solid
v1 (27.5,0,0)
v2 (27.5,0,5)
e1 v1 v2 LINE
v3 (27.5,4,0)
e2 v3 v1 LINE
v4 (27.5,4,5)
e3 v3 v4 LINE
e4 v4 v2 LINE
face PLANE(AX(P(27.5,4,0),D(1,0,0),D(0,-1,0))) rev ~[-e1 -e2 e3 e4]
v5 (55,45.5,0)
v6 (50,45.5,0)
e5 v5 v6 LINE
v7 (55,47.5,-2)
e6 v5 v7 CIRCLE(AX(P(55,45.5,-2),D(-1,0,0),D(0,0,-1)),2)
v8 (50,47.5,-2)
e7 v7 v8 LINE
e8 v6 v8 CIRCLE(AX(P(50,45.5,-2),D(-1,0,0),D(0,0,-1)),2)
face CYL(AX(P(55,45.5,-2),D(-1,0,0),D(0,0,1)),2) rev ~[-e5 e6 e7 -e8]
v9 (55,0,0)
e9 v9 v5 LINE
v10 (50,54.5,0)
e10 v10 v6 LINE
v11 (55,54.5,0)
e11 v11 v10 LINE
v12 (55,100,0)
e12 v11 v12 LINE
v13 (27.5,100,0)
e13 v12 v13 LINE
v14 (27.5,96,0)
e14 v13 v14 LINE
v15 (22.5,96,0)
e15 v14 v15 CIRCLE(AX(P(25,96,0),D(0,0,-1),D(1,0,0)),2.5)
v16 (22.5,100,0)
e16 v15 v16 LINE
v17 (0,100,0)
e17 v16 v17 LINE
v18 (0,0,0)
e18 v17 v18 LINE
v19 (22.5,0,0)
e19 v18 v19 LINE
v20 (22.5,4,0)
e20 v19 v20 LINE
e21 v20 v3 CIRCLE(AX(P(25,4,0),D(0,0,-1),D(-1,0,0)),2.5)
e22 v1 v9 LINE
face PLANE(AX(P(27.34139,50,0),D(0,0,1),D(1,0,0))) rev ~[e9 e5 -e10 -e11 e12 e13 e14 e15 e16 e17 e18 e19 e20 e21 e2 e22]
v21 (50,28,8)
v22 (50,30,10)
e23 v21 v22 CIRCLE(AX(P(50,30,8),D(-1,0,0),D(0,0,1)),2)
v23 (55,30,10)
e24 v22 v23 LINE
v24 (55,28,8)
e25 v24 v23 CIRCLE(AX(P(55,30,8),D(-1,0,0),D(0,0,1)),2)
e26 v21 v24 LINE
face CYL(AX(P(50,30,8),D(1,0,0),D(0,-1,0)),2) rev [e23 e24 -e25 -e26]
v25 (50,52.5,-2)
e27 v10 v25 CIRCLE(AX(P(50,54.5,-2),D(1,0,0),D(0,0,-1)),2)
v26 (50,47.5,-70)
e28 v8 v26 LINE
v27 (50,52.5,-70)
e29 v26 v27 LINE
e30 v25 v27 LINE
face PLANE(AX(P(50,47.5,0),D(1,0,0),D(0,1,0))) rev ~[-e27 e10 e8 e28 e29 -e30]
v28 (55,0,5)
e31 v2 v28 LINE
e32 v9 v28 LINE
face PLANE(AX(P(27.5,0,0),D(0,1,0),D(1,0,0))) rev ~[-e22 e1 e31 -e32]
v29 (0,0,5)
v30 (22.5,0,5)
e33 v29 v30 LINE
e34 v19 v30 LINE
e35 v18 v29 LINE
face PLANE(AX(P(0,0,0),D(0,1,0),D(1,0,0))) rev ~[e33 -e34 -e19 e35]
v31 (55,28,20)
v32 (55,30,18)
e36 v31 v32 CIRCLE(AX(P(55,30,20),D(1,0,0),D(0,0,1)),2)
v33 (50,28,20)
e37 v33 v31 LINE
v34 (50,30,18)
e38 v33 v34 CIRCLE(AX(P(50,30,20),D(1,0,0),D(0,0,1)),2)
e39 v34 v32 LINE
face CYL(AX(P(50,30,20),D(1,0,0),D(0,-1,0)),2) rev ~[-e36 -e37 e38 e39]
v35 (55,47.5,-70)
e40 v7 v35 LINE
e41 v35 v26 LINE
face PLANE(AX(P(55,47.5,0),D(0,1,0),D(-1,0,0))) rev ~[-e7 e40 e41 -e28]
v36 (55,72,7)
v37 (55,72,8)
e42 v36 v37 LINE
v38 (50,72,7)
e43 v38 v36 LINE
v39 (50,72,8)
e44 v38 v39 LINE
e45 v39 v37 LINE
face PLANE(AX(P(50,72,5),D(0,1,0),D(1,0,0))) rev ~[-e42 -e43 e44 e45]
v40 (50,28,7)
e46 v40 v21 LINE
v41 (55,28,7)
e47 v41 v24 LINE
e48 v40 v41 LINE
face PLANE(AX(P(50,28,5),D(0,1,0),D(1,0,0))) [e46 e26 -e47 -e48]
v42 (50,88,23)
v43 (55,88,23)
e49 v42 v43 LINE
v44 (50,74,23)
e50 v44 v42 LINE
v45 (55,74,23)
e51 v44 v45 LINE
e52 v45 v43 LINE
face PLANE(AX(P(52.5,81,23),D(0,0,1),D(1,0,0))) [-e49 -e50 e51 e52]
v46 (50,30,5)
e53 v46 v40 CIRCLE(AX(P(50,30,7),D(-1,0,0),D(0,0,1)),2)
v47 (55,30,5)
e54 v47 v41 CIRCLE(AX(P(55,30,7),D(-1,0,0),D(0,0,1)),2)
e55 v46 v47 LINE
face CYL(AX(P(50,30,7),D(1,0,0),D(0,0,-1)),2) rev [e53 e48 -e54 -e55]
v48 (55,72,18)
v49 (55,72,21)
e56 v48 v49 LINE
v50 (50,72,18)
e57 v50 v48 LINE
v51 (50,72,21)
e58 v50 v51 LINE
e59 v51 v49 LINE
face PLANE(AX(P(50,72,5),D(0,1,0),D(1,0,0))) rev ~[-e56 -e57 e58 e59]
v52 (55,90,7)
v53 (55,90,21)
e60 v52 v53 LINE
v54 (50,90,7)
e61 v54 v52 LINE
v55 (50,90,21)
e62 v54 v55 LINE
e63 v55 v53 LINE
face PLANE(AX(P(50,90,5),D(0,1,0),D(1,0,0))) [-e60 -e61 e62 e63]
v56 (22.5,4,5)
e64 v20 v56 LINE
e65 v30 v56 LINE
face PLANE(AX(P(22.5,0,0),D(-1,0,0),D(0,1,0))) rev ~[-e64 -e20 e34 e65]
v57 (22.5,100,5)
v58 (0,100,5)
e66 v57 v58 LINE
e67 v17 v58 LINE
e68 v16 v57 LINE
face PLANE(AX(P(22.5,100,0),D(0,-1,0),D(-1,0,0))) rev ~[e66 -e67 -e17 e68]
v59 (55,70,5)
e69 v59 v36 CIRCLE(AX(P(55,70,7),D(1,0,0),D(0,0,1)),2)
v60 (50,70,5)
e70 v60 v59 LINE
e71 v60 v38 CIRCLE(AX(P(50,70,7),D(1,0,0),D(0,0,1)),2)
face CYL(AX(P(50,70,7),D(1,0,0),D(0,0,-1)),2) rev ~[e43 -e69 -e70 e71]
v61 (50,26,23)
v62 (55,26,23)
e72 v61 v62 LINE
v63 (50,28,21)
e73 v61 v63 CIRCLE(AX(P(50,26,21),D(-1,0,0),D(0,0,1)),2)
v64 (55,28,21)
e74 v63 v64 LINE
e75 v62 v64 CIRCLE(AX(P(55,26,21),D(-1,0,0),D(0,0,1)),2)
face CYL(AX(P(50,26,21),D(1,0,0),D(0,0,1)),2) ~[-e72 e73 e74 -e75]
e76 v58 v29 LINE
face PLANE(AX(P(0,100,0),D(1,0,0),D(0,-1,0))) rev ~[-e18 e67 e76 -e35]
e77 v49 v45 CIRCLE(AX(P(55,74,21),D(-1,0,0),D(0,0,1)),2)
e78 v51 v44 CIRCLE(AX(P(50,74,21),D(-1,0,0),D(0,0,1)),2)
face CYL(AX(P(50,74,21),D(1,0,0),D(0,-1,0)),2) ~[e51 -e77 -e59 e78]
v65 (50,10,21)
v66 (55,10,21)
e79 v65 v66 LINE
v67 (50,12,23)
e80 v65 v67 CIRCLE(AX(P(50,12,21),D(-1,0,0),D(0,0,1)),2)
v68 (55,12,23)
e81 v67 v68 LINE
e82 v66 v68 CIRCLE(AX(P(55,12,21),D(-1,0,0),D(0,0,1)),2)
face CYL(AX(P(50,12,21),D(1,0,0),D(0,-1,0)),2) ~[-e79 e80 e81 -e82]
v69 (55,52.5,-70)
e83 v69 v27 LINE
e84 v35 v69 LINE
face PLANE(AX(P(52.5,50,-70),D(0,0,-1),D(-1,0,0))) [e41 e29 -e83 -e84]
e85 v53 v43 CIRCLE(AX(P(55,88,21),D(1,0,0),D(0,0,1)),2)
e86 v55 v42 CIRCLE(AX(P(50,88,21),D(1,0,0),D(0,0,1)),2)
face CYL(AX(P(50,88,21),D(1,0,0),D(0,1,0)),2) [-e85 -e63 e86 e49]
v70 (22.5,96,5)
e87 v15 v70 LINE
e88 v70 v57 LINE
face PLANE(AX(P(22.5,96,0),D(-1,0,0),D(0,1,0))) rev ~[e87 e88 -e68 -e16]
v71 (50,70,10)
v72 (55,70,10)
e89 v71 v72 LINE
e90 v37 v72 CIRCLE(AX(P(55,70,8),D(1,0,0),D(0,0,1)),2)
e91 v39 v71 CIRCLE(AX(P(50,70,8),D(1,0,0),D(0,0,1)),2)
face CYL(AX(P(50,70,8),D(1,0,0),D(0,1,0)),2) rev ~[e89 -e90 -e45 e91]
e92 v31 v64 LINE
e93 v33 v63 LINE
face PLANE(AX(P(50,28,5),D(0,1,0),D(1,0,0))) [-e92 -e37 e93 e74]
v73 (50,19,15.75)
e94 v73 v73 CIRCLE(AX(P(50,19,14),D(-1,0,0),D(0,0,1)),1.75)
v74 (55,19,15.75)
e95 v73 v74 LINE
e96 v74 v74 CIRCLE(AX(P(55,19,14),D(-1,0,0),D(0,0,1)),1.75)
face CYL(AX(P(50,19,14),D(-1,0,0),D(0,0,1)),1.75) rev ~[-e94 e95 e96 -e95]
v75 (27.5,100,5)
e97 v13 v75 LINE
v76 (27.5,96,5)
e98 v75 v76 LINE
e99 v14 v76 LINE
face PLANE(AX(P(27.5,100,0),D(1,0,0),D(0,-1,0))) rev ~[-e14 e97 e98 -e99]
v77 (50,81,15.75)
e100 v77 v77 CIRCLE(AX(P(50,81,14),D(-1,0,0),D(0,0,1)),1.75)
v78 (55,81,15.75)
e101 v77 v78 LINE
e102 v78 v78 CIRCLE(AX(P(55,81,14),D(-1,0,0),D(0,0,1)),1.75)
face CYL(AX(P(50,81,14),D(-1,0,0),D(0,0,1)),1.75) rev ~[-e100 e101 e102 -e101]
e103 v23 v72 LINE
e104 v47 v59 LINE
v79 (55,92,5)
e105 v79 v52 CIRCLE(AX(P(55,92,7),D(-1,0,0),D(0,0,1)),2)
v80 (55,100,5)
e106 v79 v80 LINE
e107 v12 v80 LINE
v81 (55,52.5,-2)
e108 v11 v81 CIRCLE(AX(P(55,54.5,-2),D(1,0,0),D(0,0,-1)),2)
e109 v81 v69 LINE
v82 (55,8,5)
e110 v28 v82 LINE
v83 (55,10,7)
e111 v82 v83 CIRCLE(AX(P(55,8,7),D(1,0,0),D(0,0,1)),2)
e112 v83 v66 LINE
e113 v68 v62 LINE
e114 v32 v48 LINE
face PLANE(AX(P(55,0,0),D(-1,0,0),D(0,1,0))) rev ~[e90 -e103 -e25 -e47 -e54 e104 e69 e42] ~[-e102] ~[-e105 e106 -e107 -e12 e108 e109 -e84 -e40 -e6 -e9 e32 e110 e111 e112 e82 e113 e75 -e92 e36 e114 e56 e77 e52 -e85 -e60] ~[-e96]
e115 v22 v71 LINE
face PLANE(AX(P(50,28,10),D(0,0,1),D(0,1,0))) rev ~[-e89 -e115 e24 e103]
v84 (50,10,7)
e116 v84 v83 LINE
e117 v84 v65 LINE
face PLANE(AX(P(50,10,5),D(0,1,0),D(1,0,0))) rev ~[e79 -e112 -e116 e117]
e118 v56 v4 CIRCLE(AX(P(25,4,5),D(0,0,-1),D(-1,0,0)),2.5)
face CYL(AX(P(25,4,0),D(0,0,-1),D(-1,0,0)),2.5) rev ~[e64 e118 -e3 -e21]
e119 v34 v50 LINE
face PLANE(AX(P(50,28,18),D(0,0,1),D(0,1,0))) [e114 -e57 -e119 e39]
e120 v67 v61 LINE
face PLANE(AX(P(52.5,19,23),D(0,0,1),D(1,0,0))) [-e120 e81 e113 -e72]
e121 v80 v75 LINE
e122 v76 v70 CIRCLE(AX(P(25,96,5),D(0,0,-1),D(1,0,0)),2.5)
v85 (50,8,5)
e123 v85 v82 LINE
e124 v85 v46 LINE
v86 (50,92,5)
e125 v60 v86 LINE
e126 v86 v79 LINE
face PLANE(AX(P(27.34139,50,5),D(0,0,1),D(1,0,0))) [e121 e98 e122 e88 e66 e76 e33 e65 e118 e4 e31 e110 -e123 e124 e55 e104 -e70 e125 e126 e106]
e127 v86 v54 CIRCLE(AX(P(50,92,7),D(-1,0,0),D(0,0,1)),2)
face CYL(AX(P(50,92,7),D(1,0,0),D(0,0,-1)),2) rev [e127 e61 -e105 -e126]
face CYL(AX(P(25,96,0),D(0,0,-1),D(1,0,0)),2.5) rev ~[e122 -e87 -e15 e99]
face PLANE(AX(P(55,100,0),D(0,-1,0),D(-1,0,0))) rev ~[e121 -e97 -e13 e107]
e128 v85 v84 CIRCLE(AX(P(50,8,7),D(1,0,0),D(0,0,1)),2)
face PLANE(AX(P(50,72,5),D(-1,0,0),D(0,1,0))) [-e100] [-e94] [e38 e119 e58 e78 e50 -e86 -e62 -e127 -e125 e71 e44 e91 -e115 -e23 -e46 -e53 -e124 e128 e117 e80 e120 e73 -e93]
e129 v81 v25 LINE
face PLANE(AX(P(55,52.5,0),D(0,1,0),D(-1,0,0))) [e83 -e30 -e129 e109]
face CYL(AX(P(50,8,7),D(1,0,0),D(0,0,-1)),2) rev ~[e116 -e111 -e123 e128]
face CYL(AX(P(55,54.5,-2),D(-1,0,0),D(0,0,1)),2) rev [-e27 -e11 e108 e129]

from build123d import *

# Parameters (mm, degrees)
BOSS_EXTRUDE3_DEPTH = 5
SKETCH4_W           = 5
SKETCH4_H           = 5
BOSS_EXTRUDE4_DEPTH = 70
SKETCH5_W           = 5
SKETCH5_H           = 18
BOSS_EXTRUDE5_DEPTH = 18
SKETCH6_R           = 1.75
CUT_EXTRUDE1_DEPTH  = 6
SKETCH7_W           = 8
SKETCH7_H           = 44
BOSS_EXTRUDE6_DEPTH = 5
FILLET1_R           = 2


with BuildPart() as part:
    # Sketch3 → Boss-Extrude3 (new body)
    with BuildSketch(Plane.XY):
        with BuildLine():
            Line((22.5, 100), (0, 100))
            Line((0, 100), (0, 0))
            Line((0, 0), (22.5, 0))
            Line((22.5, 0), (22.5, 4))
            ThreePointArc((22.5, 4), (25, 6.5), (27.5, 4))
            Line((27.5, 4), (27.5, 0))
            Line((27.5, 0), (55, 0))
            Line((55, 0), (55, 100))
            Line((55, 100), (27.5, 100))
            Line((27.5, 100), (27.5, 96))
            ThreePointArc((27.5, 96), (25, 93.5), (22.5, 96))
            Line((22.5, 96), (22.5, 100))
        make_face()
    extrude(amount=BOSS_EXTRUDE3_DEPTH)

    # Sketch4 → Boss-Extrude4 (add)
    with BuildSketch(Plane(origin=(0, 0, 0), x_dir=(-1, 0, 0), z_dir=(0, 0, -1))):
        with Locations((-52.5, 50)):
            Rectangle(SKETCH4_W, SKETCH4_H)
    extrude(amount=BOSS_EXTRUDE4_DEPTH)

    # Sketch5 → Boss-Extrude5 (add)
    with BuildSketch(Plane.XY.offset(5)):
        with Locations((52.5, 19)):
            Rectangle(SKETCH5_W, SKETCH5_H)
        with Locations((52.5, 81)):
            Rectangle(SKETCH5_W, SKETCH5_H)
    extrude(amount=BOSS_EXTRUDE5_DEPTH)

    # Sketch6 → Cut-Extrude1 (cut, through all)
    with BuildSketch(Plane.ZY.offset(-50)):
        with Locations((14, 19)):
            Circle(SKETCH6_R)
        with Locations((14, 81)):
            Circle(SKETCH6_R)
    extrude(amount=-CUT_EXTRUDE1_DEPTH, mode=Mode.SUBTRACT)

    # Sketch7 → Boss-Extrude6 (add)
    with BuildSketch(Plane.ZY.offset(-50)):
        with Locations((14, 50)):
            Rectangle(SKETCH7_W, SKETCH7_H)
    extrude(amount=-BOSS_EXTRUDE6_DEPTH)

    # Fillet1
    fillet1_edges = [part.edges().sort_by_distance(p)[0] for p in [
        (52.5, 47.5, 0),
        (52.5, 52.5, 0),
        (52.5, 10, 5),
        (52.5, 28, 5),
        (52.5, 10, 23),
        (52.5, 28, 23),
        (52.5, 72, 5),
        (52.5, 90, 5),
        (52.5, 72, 23),
        (52.5, 90, 23),
        (52.5, 72, 10),
        (52.5, 28, 10),
        (52.5, 28, 18),
    ]]
    fillet(fillet1_edges, radius=FILLET1_R)


solid = part.part
